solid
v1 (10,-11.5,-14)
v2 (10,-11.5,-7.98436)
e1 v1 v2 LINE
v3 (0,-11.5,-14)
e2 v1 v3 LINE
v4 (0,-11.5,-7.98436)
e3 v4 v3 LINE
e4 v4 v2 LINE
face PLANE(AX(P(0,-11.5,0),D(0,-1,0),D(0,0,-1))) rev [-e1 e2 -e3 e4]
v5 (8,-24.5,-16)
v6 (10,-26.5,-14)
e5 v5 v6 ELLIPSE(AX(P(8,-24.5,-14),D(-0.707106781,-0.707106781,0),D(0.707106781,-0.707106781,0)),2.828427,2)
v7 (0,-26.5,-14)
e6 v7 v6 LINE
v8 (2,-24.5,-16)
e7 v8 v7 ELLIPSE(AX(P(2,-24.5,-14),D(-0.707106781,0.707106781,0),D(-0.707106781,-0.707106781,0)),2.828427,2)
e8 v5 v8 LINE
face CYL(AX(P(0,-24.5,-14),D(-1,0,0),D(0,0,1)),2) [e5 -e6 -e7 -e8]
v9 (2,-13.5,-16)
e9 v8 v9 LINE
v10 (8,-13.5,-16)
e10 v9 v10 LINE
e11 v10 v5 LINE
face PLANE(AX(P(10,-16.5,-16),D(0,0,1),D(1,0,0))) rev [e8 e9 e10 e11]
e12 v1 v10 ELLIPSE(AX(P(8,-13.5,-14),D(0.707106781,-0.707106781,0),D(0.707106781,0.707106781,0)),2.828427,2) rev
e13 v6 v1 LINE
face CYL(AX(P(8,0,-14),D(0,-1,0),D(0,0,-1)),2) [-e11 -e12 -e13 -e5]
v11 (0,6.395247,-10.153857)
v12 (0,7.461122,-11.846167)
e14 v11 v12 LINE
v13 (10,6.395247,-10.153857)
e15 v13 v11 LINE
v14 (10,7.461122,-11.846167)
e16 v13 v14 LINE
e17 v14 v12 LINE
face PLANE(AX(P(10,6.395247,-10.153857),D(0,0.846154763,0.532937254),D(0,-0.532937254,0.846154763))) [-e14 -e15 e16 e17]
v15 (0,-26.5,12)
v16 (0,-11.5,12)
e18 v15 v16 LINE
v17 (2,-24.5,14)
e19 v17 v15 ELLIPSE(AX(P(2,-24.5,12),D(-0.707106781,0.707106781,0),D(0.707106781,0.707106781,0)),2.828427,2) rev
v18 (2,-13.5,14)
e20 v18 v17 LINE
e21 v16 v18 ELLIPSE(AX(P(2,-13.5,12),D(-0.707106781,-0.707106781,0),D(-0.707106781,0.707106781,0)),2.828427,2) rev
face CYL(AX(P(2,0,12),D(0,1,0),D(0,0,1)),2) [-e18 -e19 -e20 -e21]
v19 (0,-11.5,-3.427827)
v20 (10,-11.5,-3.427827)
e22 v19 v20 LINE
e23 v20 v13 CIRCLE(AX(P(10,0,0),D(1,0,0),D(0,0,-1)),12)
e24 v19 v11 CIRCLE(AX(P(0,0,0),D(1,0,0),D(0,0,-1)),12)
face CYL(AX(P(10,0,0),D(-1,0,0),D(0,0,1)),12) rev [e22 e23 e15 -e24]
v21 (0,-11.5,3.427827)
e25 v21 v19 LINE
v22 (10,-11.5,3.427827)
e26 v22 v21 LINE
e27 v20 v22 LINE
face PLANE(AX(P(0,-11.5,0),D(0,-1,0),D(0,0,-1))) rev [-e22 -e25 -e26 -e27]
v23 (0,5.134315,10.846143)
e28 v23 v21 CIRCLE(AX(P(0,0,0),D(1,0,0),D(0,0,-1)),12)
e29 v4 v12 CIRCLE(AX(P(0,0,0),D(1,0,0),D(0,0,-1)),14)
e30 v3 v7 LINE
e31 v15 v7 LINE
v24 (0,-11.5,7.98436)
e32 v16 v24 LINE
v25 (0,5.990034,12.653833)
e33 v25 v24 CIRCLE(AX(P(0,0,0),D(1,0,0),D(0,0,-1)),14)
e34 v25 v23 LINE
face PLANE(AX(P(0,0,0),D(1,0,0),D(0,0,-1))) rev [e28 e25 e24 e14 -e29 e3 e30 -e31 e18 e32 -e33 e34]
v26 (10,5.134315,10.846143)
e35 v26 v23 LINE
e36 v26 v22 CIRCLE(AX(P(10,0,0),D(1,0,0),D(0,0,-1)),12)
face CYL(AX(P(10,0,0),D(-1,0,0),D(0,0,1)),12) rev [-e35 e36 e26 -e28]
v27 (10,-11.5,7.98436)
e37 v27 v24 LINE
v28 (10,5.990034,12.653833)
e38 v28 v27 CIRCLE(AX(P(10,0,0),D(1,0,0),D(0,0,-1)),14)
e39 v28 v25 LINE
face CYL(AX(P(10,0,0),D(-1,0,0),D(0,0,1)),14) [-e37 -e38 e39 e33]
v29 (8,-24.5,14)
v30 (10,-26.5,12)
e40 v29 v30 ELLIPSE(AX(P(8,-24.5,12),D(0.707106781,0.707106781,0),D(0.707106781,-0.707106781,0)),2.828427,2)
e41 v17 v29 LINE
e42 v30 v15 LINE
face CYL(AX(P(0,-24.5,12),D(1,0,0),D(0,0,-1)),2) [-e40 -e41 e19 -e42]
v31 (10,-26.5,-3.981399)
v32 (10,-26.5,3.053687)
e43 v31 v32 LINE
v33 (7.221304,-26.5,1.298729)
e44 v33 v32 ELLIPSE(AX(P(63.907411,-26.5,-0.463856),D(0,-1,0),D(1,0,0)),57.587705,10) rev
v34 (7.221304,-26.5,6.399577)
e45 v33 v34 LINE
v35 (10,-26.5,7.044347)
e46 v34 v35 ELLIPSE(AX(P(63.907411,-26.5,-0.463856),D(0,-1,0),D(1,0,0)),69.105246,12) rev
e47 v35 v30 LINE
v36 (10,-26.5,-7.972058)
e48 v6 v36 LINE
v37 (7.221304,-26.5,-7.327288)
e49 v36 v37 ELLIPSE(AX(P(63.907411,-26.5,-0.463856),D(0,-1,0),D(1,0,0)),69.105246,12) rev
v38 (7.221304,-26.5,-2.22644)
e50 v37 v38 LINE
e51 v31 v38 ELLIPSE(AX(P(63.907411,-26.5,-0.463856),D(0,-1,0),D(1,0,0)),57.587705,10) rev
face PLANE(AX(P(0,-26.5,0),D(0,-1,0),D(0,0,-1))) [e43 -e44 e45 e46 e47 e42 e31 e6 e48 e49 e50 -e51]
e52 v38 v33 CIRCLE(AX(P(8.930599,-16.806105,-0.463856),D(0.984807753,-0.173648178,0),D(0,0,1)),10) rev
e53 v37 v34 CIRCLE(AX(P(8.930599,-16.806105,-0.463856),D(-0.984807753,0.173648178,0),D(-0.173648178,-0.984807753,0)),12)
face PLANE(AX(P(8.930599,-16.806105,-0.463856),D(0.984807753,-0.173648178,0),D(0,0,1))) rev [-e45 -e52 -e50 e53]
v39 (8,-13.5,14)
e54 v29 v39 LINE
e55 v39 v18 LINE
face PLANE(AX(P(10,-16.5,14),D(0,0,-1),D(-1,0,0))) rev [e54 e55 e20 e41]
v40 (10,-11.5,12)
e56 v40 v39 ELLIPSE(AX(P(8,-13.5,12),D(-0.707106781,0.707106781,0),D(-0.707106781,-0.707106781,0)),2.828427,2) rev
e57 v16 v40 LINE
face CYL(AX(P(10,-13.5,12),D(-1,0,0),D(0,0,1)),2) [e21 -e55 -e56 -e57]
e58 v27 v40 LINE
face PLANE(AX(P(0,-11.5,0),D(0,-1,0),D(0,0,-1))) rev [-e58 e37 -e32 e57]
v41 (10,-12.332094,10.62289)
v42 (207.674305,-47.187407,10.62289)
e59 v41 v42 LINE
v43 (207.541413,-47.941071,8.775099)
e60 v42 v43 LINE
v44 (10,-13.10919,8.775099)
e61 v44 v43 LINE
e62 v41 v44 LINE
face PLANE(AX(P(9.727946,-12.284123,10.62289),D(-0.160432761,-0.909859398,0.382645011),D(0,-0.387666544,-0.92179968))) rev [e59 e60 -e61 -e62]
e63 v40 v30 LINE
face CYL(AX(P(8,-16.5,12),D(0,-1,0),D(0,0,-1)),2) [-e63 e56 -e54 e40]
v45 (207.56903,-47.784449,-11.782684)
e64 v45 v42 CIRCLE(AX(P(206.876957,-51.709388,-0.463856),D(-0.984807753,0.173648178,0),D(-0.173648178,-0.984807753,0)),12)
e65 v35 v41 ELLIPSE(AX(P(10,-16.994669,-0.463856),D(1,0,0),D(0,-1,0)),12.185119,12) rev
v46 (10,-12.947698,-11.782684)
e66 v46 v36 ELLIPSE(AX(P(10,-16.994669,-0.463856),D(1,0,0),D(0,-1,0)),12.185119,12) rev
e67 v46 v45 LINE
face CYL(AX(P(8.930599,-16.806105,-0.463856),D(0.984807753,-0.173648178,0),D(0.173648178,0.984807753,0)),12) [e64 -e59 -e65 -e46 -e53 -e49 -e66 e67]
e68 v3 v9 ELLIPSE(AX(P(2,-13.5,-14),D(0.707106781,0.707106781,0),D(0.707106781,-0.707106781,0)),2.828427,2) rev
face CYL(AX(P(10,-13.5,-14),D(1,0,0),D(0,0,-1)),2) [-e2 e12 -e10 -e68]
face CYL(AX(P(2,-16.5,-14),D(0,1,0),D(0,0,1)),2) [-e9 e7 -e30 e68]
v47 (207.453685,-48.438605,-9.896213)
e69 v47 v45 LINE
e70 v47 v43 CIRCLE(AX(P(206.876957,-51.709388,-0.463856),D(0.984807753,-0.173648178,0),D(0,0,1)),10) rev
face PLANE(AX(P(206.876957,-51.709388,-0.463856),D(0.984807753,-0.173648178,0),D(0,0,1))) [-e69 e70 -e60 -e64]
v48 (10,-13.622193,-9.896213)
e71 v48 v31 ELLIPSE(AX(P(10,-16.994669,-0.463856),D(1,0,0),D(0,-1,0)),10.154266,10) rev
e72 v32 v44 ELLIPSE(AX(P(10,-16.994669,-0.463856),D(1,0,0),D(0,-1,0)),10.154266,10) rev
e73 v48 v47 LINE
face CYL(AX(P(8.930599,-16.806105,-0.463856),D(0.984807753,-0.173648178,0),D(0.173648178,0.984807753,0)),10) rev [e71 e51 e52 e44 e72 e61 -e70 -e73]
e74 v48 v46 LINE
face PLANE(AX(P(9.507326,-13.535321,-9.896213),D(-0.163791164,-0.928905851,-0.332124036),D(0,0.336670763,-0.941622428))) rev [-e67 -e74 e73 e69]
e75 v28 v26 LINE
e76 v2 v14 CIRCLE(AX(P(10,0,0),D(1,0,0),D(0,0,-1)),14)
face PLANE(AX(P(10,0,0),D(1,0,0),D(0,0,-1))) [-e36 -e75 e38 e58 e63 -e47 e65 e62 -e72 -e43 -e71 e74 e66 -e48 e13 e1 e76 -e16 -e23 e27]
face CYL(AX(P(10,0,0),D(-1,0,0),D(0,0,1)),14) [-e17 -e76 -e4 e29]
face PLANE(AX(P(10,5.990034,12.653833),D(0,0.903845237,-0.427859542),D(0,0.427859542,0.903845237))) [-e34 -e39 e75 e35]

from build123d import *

# Parameters (mm, degrees)
EXTRUDE_1_DEPTH      = 10
SKETCH_2_W           = 10
SKETCH_2_H           = 30
EXTRUDE_1_2_DEPTH    = 2.5
EXTRUDE_4_DEPTH      = 200
EXTRUDE_4_DEPTH_BACK = 1
SKETCH_8_W           = 10
SKETCH_8_H           = 30
EXTRUDE_2_DEPTH      = 10
FILLET_2_R           = 2


with BuildPart() as part:
    # 草图1 → Extrude 1 (new body)
    with BuildSketch(Plane(origin=(0, 0, 0), x_dir=(0, 0, -1), z_dir=(1, 0, 0))):
        with BuildLine():
            ThreePointArc((-10.846142842, 5.134314505), (0.719237504, -11.978426333), (10.153857158, 6.39524705))
            Line((10.153857158, 6.39524705), (11.846166684, 7.461121558))
            ThreePointArc((11.846166684, 7.461121558), (0.839110422, -13.974830722), (-12.653833316, 5.99003359))
            Line((-12.653833316, 5.99003359), (-10.846142842, 5.134314505))
        make_face()
    extrude(amount=EXTRUDE_1_DEPTH)

    # 草图2 → Extrude 1 2 (add, symmetric)
    with BuildSketch(Plane(origin=(0, -14, 0), x_dir=(-1, 0, 0), z_dir=(0, -1, 0))):
        with Locations((-5, 1)):
            Rectangle(SKETCH_2_W, SKETCH_2_H)
    extrude(amount=EXTRUDE_1_2_DEPTH, both=True)



with BuildPart() as body_2:
    # 草图6 → 拉伸-薄壁4 (new, two sides: drawn at the far end of the back side and taken through both)
    with BuildSketch(Plane(origin=(12.520129286, -2.207636595, 0), x_dir=(0, 0, 1), z_dir=(0.984807753012208, -0.17364817766693072, 0)).offset(-EXTRUDE_4_DEPTH_BACK)):
        with BuildLine():
            ThreePointArc((-11.782684324, 11.014511571), (-0.139277573, 26.995609574), (10.62288968, 10.40825987))
            Line((10.62288968, 10.40825987), (8.775098788, 11.173549892))
            ThreePointArc((8.775098788, 11.173549892), (-0.193373923, 24.996341312), (-9.896212883, 11.678759642))
            Line((-9.896212883, 11.678759642), (-11.782684324, 11.014511571))
        make_face()
    extrude(amount=EXTRUDE_4_DEPTH + EXTRUDE_4_DEPTH_BACK)


with BuildPart() as part_1:
    add(part.part)

    add(body_2.part)  # 凸台-拉伸2 merges body 2
    # 草图8 → 凸台-拉伸2 (add)
    with BuildSketch(Plane.XZ.offset(16.5)):
        with Locations((5, -1)):
            Rectangle(SKETCH_8_W, SKETCH_8_H)
    extrude(amount=EXTRUDE_2_DEPTH)

    # 圆角2
    fillet_2_edges = [part_1.edges().sort_by_distance(p)[0] for p in [
        (10, -19, -16),
        (5, -11.5, 14),
        (10, -19, 14),
        (0, -19, 14),
        (5, -11.5, -16),
        (0, -19, -16),
        (5, -26.5, -16),
        (5, -26.5, 14),
    ]]
    fillet(fillet_2_edges, radius=FILLET_2_R)


solid = part_1.part
